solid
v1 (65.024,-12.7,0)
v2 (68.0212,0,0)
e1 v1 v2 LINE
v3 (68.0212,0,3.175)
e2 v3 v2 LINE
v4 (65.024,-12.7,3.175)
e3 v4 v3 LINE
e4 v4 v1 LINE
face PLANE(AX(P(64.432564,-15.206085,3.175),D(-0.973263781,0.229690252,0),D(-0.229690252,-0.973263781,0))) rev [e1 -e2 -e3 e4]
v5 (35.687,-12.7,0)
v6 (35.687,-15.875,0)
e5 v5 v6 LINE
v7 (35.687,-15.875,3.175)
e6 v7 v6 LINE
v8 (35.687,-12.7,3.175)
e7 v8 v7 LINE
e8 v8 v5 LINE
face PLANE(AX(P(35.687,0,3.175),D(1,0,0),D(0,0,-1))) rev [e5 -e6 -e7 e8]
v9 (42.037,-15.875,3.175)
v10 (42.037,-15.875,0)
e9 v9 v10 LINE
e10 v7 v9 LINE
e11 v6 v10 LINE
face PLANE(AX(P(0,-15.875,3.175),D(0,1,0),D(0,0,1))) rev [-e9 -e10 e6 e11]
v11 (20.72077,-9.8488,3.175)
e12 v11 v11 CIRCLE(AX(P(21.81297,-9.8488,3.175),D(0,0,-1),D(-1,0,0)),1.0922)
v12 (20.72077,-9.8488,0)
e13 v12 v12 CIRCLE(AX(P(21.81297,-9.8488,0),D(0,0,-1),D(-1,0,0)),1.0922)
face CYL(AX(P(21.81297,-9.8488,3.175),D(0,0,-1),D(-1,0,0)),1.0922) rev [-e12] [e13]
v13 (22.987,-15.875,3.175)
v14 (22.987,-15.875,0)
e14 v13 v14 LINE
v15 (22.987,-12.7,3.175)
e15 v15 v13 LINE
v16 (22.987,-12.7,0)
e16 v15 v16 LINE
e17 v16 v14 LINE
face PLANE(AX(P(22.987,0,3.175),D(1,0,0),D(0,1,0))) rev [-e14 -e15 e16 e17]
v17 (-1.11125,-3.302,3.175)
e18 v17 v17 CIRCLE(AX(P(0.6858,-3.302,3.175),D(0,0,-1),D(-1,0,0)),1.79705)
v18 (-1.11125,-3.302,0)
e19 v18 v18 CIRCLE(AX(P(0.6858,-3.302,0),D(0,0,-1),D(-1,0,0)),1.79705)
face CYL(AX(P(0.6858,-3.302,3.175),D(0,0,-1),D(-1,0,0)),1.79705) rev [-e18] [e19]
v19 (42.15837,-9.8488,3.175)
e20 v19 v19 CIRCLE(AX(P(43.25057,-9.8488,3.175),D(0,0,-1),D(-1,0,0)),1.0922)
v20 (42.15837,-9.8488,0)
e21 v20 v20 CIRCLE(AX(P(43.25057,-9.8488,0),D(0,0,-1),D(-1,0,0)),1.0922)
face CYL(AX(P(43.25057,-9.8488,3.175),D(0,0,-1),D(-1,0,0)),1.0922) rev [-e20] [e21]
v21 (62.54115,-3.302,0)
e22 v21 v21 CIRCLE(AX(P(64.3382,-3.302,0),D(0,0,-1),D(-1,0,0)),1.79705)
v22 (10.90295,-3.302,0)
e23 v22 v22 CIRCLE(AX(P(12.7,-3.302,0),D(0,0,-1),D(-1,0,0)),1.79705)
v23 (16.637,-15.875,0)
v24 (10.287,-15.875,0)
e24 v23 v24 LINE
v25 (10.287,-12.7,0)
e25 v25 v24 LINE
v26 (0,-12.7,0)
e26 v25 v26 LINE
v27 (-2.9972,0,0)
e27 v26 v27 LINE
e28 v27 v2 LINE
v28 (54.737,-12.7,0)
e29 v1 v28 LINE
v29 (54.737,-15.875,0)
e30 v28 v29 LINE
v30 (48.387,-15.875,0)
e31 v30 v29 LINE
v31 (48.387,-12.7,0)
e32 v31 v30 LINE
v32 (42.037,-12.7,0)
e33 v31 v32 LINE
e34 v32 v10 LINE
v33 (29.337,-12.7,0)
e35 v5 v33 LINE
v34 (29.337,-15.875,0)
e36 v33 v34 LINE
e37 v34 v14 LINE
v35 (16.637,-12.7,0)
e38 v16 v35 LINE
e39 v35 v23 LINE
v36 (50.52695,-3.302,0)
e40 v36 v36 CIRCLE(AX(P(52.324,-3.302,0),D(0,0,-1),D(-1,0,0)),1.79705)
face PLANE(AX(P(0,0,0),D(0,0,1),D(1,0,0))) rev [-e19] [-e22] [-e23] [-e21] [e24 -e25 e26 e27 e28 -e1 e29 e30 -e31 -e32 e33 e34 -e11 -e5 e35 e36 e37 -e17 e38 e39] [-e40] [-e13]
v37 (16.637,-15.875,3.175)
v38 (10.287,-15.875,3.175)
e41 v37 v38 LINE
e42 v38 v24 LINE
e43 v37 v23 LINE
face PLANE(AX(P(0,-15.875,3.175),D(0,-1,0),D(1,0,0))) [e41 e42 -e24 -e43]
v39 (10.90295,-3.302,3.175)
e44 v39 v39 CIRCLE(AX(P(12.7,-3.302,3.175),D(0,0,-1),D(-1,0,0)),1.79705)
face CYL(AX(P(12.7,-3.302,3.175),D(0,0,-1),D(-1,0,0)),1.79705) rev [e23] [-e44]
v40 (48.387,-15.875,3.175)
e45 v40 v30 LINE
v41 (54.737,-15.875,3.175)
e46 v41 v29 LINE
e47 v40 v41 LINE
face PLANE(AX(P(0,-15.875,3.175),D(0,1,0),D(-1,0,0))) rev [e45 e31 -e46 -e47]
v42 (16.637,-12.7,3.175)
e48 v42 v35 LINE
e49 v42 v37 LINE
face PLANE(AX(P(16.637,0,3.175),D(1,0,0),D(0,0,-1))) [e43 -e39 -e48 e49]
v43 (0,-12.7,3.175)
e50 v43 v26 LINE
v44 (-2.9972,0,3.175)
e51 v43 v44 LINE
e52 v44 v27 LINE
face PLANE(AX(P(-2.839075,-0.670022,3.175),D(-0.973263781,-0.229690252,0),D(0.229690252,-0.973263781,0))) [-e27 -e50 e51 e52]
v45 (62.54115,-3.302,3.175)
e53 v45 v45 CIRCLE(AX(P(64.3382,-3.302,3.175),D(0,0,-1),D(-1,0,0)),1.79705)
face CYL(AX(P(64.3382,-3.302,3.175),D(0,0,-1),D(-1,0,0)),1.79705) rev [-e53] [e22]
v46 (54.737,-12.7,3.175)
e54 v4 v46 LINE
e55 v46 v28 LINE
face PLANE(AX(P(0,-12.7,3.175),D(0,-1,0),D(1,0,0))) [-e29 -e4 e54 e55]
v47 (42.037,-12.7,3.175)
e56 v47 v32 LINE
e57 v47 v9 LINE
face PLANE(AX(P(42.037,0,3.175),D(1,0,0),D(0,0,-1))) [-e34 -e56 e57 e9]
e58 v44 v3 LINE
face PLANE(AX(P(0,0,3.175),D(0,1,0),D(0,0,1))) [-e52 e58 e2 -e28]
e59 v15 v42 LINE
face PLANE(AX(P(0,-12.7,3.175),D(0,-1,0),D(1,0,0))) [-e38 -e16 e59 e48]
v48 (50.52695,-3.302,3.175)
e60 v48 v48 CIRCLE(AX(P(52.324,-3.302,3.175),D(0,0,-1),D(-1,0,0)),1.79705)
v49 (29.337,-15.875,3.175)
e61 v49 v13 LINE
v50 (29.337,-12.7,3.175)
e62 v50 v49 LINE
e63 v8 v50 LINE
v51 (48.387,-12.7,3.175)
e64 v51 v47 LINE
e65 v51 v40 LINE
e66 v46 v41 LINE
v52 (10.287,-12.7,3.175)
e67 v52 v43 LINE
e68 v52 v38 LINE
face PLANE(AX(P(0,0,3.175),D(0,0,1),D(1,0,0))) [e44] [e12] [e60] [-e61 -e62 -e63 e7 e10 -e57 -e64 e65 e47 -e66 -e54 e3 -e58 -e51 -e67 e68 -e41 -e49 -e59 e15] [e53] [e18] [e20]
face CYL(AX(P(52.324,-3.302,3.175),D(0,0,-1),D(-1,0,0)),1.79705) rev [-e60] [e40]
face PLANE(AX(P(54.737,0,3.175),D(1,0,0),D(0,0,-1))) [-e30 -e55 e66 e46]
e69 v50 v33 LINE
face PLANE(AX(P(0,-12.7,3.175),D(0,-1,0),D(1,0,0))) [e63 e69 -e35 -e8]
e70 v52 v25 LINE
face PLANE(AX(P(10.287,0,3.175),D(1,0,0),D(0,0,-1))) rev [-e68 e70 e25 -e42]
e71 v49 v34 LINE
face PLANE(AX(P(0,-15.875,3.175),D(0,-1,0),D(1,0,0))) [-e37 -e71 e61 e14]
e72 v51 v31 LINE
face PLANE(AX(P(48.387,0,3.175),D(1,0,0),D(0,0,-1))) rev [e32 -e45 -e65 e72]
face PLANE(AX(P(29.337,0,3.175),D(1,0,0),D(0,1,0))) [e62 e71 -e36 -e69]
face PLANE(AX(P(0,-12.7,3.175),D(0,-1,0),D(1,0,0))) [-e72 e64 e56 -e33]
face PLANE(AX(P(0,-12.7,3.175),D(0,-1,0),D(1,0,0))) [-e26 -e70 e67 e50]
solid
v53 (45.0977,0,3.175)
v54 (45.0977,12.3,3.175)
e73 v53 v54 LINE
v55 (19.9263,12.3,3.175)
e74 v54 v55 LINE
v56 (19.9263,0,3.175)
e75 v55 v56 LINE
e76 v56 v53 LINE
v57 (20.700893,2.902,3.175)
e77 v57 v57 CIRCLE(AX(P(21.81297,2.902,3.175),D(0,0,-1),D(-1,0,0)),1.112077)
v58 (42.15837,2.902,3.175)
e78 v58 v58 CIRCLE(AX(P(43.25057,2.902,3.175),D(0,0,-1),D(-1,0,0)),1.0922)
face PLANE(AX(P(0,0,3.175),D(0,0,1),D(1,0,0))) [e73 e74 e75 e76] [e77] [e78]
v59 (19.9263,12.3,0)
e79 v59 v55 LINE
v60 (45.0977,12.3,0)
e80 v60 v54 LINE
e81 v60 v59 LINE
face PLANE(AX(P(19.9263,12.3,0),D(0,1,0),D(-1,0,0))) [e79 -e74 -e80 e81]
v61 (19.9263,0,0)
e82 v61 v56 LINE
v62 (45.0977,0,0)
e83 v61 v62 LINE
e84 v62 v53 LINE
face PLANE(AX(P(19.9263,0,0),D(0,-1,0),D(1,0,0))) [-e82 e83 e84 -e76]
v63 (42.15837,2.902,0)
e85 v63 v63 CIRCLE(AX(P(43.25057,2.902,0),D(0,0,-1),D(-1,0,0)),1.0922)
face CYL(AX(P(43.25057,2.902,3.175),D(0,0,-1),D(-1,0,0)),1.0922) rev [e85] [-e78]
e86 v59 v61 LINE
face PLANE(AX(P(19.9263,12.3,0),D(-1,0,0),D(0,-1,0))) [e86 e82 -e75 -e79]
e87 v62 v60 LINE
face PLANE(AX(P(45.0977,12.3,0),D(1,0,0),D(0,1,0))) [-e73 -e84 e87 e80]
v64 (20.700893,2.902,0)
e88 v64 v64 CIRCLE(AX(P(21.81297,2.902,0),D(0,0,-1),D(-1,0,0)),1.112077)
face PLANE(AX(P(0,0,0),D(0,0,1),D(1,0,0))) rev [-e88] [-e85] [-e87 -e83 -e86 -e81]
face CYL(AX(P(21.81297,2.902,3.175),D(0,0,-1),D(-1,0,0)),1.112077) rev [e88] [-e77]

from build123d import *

# Parameters (mm, degrees)
SKETCH1_W           = 6.35
SKETCH1_H           = 3.175
BOSS_EXTRUDE1_DEPTH = 3.175
SKETCH2_W           = 65.60314911
SKETCH2_H           = 5.913175186
CUT_EXTRUDE2_DEPTH  = 10
SKETCH3_W           = 25.1714
SKETCH3_H           = 12.3
BOSS_EXTRUDE2_DEPTH = 3.175
SKETCH6_R           = 1.0922
SKETCH6_R_2         = 1.112076506
CUT_EXTRUDE3_DEPTH  = 3.175
SKETCH8_R           = 1.79705
CUT_EXTRUDE4_DEPTH  = 3.175


with BuildPart() as part:
    # Sketch1 → Boss-Extrude1 (new body)
    with BuildSketch(Plane.XY):
        Polygon((10.287, 0), (0, 0), (0, -12.7), (10.287, -12.7), (16.637, -12.7), (22.987, -12.7), (29.337, -12.7), (35.687, -12.7), (42.037, -12.7), (48.387, -12.7), (54.737, -12.7), (65.024, -12.7), (65.024, 0), (54.737, 0), (48.387, 0), (42.037, 0), (35.687, 0), (29.337, 0), (22.987, 0), (16.637, 0), align=None)
        with Locations((13.462, 1.5875)):
            Rectangle(SKETCH1_W, SKETCH1_H)
        with Locations((26.162, 1.5875)):
            Rectangle(SKETCH1_W, SKETCH1_H)
        with Locations((51.562, 1.5875)):
            Rectangle(SKETCH1_W, SKETCH1_H)
        with Locations((51.562, -14.2875)):
            Rectangle(SKETCH1_W, SKETCH1_H)
        with Locations((38.862, -14.2875)):
            Rectangle(SKETCH1_W, SKETCH1_H)
        with Locations((26.162, -14.2875)):
            Rectangle(SKETCH1_W, SKETCH1_H)
        with Locations((13.462, -14.2875)):
            Rectangle(SKETCH1_W, SKETCH1_H)
        Polygon((-2.9972, 0), (0, 0), (0, -12.7), align=None)
        Polygon((65.024, 0), (65.024, -12.7), (68.0212, 0), align=None)
        with Locations((38.862, 1.5875)):
            Rectangle(SKETCH1_W, SKETCH1_H)
    extrude(amount=BOSS_EXTRUDE1_DEPTH)

    # Sketch2 → Cut-Extrude2 (cut)
    with BuildSketch(Plane.XY.offset(3.175)):
        with Locations((32.801574555, 2.956587593)):
            Rectangle(SKETCH2_W, SKETCH2_H)
    extrude(amount=-CUT_EXTRUDE2_DEPTH, mode=Mode.SUBTRACT)


with BuildPart() as body_2:
    # Sketch3 → Boss-Extrude2 (new body)
    with BuildSketch(Plane.XY.offset(3.175)):
        with Locations((32.512, 6.15)):
            Rectangle(SKETCH3_W, SKETCH3_H)
    extrude(amount=-BOSS_EXTRUDE2_DEPTH)


with BuildPart() as cut_extrude3_tool:
    # Sketch6 → Cut-Extrude3 (new body)
    with BuildSketch(Plane(origin=(0, 0, 0), x_dir=(-1, 0, 0), z_dir=(0, 0, -1))):
        with Locations((-43.25056982, 2.902)):
            Circle(SKETCH6_R)
        with Locations((-21.81296982, 2.902)):
            Circle(SKETCH6_R_2)
        with Locations((-21.81296982, -9.8488)):
            Circle(SKETCH6_R)
        with Locations((-43.25056982, -9.8488)):
            Circle(SKETCH6_R)
    extrude(amount=-CUT_EXTRUDE3_DEPTH)


with BuildPart() as part_1:
    add(part.part)

    # Cut-Extrude3: cut by cut_extrude3_tool
    add(cut_extrude3_tool.part, mode=Mode.SUBTRACT)

    # Sketch8 → Cut-Extrude4 (cut)
    with BuildSketch(Plane(origin=(0, 0, 0), x_dir=(-1, 0, 0), z_dir=(0, 0, -1))):
        with Locations((-64.3382, -3.302)):
            Circle(SKETCH8_R)
        with Locations((-52.324, -3.302)):
            Circle(SKETCH8_R)
        with Locations((-12.7, -3.302)):
            Circle(SKETCH8_R)
        with Locations((-0.6858, -3.302)):
            Circle(SKETCH8_R)
    extrude(amount=-CUT_EXTRUDE4_DEPTH, mode=Mode.SUBTRACT)


with BuildPart() as body_2_1:
    add(body_2.part)

    # Cut-Extrude3: cut by cut_extrude3_tool
    add(cut_extrude3_tool.part, mode=Mode.SUBTRACT)


solid = Compound([part_1.part, body_2_1.part])
